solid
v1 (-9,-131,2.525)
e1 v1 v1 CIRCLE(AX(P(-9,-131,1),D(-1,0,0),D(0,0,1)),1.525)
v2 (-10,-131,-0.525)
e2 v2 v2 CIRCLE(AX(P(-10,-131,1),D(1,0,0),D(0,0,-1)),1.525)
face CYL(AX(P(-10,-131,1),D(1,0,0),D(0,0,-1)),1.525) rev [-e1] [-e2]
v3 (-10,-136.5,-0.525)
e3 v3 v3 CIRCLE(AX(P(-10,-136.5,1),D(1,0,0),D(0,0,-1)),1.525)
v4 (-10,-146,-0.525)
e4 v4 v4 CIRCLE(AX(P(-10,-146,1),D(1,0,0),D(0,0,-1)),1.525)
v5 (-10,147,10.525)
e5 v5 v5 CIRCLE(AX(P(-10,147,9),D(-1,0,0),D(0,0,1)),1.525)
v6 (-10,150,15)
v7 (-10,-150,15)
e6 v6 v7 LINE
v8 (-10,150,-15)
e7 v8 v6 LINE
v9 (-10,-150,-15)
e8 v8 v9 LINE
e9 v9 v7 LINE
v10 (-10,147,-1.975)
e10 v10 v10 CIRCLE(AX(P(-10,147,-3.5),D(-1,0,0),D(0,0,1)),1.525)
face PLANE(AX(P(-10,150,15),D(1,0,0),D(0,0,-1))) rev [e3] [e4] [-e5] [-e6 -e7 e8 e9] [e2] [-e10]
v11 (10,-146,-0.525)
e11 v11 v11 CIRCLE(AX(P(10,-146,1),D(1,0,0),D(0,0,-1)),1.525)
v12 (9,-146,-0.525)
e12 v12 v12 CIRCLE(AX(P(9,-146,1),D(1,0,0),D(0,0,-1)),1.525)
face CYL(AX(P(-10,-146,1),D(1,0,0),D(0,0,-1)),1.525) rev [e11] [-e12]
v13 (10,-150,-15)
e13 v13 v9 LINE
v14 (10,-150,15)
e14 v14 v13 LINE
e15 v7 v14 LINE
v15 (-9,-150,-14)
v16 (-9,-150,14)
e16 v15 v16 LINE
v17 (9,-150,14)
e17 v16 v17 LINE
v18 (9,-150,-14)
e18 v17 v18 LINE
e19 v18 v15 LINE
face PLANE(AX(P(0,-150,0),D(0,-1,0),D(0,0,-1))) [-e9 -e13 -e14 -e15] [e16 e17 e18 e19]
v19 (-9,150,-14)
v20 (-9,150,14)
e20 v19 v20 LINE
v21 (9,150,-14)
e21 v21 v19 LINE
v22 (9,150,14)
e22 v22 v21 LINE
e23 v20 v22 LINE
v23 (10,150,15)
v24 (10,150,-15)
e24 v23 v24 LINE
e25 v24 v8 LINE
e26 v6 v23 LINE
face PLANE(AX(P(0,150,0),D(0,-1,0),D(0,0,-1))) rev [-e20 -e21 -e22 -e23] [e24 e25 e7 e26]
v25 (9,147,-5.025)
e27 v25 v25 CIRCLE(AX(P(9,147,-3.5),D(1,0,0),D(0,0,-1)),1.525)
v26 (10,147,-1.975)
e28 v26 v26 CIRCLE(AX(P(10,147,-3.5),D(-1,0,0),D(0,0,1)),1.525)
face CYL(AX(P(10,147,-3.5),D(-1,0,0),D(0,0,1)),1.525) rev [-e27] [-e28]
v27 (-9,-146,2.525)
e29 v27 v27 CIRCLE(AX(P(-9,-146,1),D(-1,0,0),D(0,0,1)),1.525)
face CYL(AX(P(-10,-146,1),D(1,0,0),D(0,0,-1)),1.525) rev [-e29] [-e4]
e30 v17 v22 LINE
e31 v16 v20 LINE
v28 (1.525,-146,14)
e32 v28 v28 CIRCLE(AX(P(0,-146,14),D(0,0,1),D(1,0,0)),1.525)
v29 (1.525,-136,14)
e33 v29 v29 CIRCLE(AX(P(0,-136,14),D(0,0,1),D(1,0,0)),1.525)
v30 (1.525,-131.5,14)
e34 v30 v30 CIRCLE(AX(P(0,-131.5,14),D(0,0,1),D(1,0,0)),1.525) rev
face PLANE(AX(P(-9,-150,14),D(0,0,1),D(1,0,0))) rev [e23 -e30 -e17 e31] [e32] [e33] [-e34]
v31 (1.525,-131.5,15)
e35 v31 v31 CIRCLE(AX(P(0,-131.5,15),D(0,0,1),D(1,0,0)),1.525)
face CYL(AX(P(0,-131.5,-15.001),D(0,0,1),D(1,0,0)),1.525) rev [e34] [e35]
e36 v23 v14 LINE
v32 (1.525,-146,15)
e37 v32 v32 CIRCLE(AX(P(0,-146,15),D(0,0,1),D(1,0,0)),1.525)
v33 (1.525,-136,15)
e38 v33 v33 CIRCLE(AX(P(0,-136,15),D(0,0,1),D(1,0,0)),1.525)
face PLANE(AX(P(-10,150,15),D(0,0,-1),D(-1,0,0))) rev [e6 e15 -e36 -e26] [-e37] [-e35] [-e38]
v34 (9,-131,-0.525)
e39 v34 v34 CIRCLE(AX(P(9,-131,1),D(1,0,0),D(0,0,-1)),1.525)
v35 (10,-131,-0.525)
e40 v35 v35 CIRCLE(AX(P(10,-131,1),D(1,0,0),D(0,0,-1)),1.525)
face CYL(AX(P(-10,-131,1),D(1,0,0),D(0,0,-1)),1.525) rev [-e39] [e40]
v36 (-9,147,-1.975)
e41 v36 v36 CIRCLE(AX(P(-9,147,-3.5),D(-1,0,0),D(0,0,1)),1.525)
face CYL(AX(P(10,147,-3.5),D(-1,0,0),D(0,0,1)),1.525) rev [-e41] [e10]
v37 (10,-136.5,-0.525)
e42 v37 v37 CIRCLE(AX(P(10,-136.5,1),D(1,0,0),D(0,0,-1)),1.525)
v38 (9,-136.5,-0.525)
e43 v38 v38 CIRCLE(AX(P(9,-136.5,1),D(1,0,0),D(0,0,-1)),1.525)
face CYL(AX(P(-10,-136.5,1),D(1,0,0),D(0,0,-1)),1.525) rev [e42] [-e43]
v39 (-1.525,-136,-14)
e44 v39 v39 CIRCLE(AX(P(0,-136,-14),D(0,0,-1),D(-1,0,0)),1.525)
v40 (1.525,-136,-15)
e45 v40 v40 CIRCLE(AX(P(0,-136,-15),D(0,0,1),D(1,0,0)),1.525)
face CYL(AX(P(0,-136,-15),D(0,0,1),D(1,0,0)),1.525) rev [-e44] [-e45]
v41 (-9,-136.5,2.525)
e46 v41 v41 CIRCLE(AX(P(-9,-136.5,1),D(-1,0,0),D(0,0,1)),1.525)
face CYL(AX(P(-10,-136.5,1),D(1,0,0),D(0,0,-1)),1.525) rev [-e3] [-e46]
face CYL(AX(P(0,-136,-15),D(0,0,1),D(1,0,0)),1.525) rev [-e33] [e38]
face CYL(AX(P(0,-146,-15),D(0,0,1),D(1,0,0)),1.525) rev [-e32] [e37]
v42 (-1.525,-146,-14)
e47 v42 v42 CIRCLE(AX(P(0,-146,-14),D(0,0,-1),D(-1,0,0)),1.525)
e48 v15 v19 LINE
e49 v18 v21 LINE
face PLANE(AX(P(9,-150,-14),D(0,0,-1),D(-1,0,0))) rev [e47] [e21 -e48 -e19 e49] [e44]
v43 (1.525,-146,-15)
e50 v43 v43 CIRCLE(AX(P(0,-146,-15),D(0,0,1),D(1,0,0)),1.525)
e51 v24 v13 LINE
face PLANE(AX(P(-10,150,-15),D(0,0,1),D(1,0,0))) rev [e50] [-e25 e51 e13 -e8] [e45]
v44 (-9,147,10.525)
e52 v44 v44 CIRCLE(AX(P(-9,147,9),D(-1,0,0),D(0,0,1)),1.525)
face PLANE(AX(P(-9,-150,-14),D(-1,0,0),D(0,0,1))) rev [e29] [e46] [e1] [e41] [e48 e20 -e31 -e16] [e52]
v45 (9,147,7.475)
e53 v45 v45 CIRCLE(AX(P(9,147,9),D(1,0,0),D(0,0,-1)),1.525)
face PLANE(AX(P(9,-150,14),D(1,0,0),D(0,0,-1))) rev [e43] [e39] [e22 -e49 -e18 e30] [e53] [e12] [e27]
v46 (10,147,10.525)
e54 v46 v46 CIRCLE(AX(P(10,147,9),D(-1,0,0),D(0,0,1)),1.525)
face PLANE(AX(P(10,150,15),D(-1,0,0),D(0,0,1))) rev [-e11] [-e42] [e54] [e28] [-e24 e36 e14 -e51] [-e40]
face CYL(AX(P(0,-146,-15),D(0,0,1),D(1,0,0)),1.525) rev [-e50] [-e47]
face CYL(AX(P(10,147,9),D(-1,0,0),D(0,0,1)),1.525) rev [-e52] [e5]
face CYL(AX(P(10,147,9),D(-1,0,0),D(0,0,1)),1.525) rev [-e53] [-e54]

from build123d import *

# Parameters (mm, degrees)
SKETCH_1_W                = 20
SKETCH_1_H                = 30
EXTRUDE_1_DEPTH           = 150
SKETCH_2_W                = 18
SKETCH_2_H                = 28
CUT_EXTRUDE_1_DEPTH       = 301
SKETCH_3_R                = 1.525
CUT_EXTRUDE_2_DEPTH       = 21
SKETCH_4_R                = 1.525
CUT_EXTRUDE_3_DEPTH       = 31
SKETCH_5_R                = 1.525
CUT_EXTRUDE_4_DEPTH       = 31
SKETCH_6_OUTSIDE_W        = 92.432
SKETCH_6_OUTSIDE_H        = 362.432
SKETCH_6_OUTSIDE_W_2      = 30
SKETCH_6_OUTSIDE_H_2      = 300
SKETCH_6_OUTSIDE_R        = 1.525
CUT_EXTRUDE_6_DEPTH       = 21
CUT_EXTRUDE_8_REACH       = 32
SKETCH_9_R                = 1.525
SKETCH_10_R               = 1.525
CUT_EXTRUDE_9_DEPTH       = 1
CUT_EXTRUDE_9_DEPTH_BACK  = 21
SKETCH_11_R               = 1.525
CUT_EXTRUDE_10_DEPTH      = 20
CUT_EXTRUDE_10_DEPTH_BACK = 2


with BuildPart() as part:
    # 草图1 → 凸台-拉伸1 (new body, symmetric)
    with BuildSketch(Plane(origin=(0, 0, 0), x_dir=(1, 0, 0), z_dir=(0, 1, 0))):
        Rectangle(SKETCH_1_W, SKETCH_1_H)
    extrude(amount=EXTRUDE_1_DEPTH, both=True)

    # 草图2 → 切除-拉伸1 (cut, through all)
    with BuildSketch(Plane(origin=(0, 150, 0), x_dir=(1, 0, 0), z_dir=(0, 1, 0))):
        Rectangle(SKETCH_2_W, SKETCH_2_H)
    extrude(amount=-CUT_EXTRUDE_1_DEPTH, mode=Mode.SUBTRACT)

    # 草图3 → 切除-拉伸2 (cut, through all)
    with BuildSketch(Plane(origin=(10, 0, 0), x_dir=(0, 0, -1), z_dir=(1, 0, 0))):
        with Locations((-1, -146)):
            Circle(SKETCH_3_R)
    extrude(amount=-CUT_EXTRUDE_2_DEPTH, mode=Mode.SUBTRACT)

    # 草图4 → 切除-拉伸3 (cut, through all)
    with BuildSketch(Plane.XY.offset(15)):
        with Locations((0, -146)):
            Circle(SKETCH_4_R)
    extrude(amount=-CUT_EXTRUDE_3_DEPTH, mode=Mode.SUBTRACT)

    # 草图5 → 切除-拉伸4 (cut, through all)
    with BuildSketch(Plane.XY.offset(15)):
        with Locations((0, -136)):
            Circle(SKETCH_5_R)
    extrude(amount=-CUT_EXTRUDE_4_DEPTH, mode=Mode.SUBTRACT)

    # 草图6 outside → 切除-拉伸6 (cut, through all)
    with BuildSketch(Plane(origin=(10, 0, 0), x_dir=(0, 0, -1), z_dir=(1, 0, 0))):
        Rectangle(SKETCH_6_OUTSIDE_W, SKETCH_6_OUTSIDE_H)
        Rectangle(SKETCH_6_OUTSIDE_W_2, SKETCH_6_OUTSIDE_H_2, mode=Mode.SUBTRACT)
        with Locations((-1, -131)):
            Circle(SKETCH_6_OUTSIDE_R)
    extrude(amount=-CUT_EXTRUDE_6_DEPTH, mode=Mode.SUBTRACT)

    # 草图9 → 切除-拉伸8 (cut, up to next)
    with BuildSketch(Plane.XY.offset(15), mode=Mode.PRIVATE) as cut_extrude_8_sk1:
        with Locations((0, -131.5)):
            Circle(SKETCH_9_R)
    cut_extrude_8_tool1 = extrude(cut_extrude_8_sk1.sketch, amount=-CUT_EXTRUDE_8_REACH, mode=Mode.PRIVATE) & part.part
    add(cut_extrude_8_tool1.solids().sort_by_distance((0, -131.5, 15))[0], mode=Mode.SUBTRACT)

    # 草图10 → 切除-拉伸9 (cut, two sides)
    with BuildSketch(Plane(origin=(10, 0, 0), x_dir=(0, 0, -1), z_dir=(1, 0, 0))) as cut_extrude_9_sk:
        with Locations((-1, -136.5)):
            Circle(SKETCH_10_R)
    extrude(amount=CUT_EXTRUDE_9_DEPTH, mode=Mode.SUBTRACT)
    extrude(cut_extrude_9_sk.sketch, amount=-CUT_EXTRUDE_9_DEPTH_BACK, mode=Mode.SUBTRACT)

    # 草图11 → 切除-拉伸10 (cut, two sides)
    with BuildSketch(Plane.ZY.offset(-9)) as cut_extrude_10_sk:
        with Locations((9, 147)):
            Circle(SKETCH_11_R)
        with Locations((-3.5, 147)):
            Circle(SKETCH_11_R)
    extrude(amount=CUT_EXTRUDE_10_DEPTH, mode=Mode.SUBTRACT)
    extrude(cut_extrude_10_sk.sketch, amount=-CUT_EXTRUDE_10_DEPTH_BACK, mode=Mode.SUBTRACT)


solid = part.part
